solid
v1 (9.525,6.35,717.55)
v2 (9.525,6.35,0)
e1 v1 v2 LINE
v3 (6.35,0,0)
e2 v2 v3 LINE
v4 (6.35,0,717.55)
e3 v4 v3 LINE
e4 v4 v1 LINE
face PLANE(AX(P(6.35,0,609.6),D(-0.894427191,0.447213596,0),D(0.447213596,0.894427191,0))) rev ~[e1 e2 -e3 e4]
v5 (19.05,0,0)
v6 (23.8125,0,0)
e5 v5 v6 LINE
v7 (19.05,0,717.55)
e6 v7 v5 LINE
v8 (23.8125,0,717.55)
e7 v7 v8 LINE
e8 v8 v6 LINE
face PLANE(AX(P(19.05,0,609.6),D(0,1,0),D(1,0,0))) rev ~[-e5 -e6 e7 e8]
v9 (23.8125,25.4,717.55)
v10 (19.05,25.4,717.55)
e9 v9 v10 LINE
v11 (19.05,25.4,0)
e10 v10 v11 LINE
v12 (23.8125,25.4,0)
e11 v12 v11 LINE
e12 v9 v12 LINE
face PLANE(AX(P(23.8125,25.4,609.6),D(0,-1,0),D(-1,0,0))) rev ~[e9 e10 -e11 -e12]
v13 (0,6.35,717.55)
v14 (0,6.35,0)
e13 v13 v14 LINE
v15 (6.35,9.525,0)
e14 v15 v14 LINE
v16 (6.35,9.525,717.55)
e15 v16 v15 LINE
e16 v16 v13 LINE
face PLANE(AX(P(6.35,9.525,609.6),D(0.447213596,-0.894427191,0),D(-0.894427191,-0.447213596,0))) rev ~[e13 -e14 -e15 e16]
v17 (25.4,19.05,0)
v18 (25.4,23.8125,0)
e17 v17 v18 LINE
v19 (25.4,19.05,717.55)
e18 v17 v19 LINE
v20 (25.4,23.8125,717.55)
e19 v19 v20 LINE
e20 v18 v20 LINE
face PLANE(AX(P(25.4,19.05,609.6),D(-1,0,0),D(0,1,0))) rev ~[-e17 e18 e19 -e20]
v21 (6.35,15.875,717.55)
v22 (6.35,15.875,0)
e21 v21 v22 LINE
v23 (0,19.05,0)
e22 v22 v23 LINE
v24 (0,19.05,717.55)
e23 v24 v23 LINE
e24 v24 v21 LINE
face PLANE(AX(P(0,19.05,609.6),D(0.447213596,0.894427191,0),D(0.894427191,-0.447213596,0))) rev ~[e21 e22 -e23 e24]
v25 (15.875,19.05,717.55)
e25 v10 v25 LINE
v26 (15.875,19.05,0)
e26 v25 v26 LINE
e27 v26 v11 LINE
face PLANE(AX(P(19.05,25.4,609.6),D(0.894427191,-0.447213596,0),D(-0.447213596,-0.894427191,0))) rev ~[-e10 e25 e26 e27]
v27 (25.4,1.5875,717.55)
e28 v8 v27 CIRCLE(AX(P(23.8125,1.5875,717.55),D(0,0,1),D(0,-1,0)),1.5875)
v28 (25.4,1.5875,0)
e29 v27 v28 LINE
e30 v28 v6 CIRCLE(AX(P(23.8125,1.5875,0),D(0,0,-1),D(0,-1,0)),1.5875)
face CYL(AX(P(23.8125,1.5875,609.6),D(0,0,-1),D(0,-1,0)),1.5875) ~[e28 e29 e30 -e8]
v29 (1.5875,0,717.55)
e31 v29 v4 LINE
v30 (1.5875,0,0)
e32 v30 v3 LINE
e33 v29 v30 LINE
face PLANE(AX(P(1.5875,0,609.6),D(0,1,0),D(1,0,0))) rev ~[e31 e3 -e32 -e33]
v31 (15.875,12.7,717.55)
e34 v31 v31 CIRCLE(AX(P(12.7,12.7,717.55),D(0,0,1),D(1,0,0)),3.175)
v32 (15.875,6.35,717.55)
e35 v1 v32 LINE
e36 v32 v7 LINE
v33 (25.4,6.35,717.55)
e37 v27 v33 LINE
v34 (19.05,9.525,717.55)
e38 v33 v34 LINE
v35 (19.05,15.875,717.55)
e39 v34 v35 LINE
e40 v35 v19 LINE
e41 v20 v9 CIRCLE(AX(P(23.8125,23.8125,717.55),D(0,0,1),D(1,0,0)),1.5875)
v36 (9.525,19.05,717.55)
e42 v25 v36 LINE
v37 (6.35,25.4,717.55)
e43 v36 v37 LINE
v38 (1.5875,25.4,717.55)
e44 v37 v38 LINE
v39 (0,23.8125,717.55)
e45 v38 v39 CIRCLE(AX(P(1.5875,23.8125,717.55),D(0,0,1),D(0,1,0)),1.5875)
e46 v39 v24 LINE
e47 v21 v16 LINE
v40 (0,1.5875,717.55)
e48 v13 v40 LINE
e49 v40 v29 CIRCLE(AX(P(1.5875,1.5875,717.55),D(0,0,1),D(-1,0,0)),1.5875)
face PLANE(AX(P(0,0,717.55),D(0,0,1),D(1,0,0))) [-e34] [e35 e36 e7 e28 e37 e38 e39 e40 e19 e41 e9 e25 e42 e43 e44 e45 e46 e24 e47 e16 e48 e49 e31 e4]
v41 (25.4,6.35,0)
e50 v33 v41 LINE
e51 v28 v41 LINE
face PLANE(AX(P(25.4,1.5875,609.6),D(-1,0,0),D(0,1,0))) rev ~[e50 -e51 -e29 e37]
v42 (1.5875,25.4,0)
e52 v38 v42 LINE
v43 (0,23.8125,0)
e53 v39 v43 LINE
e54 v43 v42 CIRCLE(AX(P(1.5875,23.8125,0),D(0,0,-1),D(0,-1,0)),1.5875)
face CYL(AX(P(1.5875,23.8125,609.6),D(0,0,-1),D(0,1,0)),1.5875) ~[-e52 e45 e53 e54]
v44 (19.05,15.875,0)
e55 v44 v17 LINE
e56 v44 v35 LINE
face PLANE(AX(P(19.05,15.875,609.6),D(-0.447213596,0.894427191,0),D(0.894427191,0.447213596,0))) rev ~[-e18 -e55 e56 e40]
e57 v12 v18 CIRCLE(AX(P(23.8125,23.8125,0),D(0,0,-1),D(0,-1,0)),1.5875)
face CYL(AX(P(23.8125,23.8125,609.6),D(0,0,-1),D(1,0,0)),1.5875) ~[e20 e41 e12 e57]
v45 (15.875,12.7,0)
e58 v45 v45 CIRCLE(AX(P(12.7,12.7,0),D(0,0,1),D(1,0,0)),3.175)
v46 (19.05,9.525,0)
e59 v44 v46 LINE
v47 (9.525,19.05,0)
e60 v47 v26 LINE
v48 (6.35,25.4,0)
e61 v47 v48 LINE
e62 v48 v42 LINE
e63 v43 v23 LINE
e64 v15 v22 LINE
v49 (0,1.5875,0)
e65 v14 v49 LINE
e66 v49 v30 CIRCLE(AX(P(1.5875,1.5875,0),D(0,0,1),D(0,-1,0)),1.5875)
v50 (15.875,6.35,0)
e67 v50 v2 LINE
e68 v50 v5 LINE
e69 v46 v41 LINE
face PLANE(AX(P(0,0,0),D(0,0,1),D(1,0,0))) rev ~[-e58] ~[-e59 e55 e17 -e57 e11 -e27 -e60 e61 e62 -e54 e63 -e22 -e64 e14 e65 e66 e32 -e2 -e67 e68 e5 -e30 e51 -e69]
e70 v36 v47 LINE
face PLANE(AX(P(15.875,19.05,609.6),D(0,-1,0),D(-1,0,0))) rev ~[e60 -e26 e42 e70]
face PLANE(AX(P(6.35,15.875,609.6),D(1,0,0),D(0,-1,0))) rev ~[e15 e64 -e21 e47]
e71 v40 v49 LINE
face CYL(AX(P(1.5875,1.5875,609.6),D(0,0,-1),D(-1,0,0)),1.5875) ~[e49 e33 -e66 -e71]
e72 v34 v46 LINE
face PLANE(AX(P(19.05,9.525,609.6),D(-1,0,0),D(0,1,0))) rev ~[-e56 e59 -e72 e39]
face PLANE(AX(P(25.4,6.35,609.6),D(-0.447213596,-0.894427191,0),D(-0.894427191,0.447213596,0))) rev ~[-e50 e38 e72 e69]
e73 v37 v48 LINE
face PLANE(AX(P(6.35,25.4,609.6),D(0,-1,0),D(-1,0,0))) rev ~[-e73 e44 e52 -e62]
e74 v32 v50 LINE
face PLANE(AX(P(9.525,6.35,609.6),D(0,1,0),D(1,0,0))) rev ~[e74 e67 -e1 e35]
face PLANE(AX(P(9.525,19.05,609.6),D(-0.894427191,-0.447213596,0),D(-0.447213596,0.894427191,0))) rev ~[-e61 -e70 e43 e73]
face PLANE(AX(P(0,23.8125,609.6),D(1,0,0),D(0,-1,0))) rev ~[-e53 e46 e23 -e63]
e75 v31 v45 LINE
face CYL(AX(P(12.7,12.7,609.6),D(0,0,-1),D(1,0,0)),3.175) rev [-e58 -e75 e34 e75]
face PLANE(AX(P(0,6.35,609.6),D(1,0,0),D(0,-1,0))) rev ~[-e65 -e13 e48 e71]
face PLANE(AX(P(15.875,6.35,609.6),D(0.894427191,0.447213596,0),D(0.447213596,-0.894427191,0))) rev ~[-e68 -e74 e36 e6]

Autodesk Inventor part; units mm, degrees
ref_plane "YZ Plane" through (0, 0, 0) normal (1, 0, 0) x (0, 1, 0)
ref_plane "XZ Plane" through (0, 0, 0) normal (0, 1, 0) x (-1, 0, 0)
ref_plane "XY Plane" through (0, 0, 0) normal (0, 0, 1) x (1, 0, 0)
sketch "Sketch1" plane through (0, 0, 0) normal (0, 0, 1) x (1, 0, 0)
  line L0 (0, 0) -> (25.4, 0)
  line L1 (25.4, 0) -> (25.4, 25.4)
  line L2 (25.4, 25.4) -> (0, 25.4)
  line L3 (0, 25.4) -> (0, 0)
  circle A0 centre (12.7, 12.7) radius 3.175
  dimension "d0" = 25.4
  dimension "d1" = 25.4
  dimension "d2" = 6.35
  dimension "d7" = 12.7
  dimension "d8" = 12.7
extrude "Extrusion1" add sketch "Sketch1" along normal blind 609.6
sketch "Sketch2" plane through (0, 0, 609.6) normal (0, 0, 1) x (1, 0, 0)
  line L0 (25.4, 25.4) -> (0, 25.4) projected
  line L1 (0, 25.4) -> (0, 0) projected
  circle A0 centre (12.7, 12.7) radius 3.175 projected
  line L2 (0, 0) -> (25.4, 0) projected
  line L3 (25.4, 0) -> (25.4, 25.4) projected
  line L4 (25.4, 25.4) -> (0, 25.4) projected
  line L5 (0, 25.4) -> (0, 0) projected
  line L6 (12.7, 19.05) -> (9.525, 19.05)
  line L7 (9.525, 19.05) -> (15.875, 19.05)
  line L8 (15.875, 19.05) -> (19.05, 25.4)
  line L9 (9.525, 19.05) -> (6.35, 25.4)
  dimension "d13" = 6.35
  dimension "d14" = 6.35
  dimension "d15" = 3.175
  dimension "d16" = 6.35
fillet "Fillet1" radius 1.5875 4 edges at (25.4, 25.4, 304.8) (0, 25.4, 304.8) (25.4, 0, 304.8) (0, 0, 304.8)
extrude "Extrusion2" cut sketch "Sketch2" against normal blind 609.6 contours L8 L7 L6 L9 L0
pattern_circular "Circular Pattern1" count 4 over 360 about axis through (12.7, 12.7, 0) along (0, 0, 1) of "Extrusion2"
sketch "Sketch3" plane through (0, 0, 609.6) normal (0, 0, 1) x (1, 0, 0)
  line L0 (19.05, 15.875) -> (25.4, 19.05) projected
  line L1 (25.4, 19.05) -> (25.4, 23.8125) projected
  arc A0 (25.4, 23.8125) -> (23.8125, 25.4) centre (23.8125, 23.8125) ccw projected
  line L2 (23.8125, 25.4) -> (19.05, 25.4) projected
  line L3 (19.05, 25.4) -> (15.875, 19.05) projected
  line L4 (15.875, 19.05) -> (9.525, 19.05) projected
  line L5 (9.525, 19.05) -> (6.35, 25.4) projected
  line L6 (6.35, 25.4) -> (1.5875, 25.4) projected
  arc A1 (1.5875, 25.4) -> (0, 23.8125) centre (1.5875, 23.8125) ccw projected
  line L7 (0, 23.8125) -> (0, 19.05) projected
  line L8 (0, 19.05) -> (6.35, 15.875) projected
  line L9 (6.35, 15.875) -> (6.35, 9.525) projected
  line L10 (6.35, 9.525) -> (0, 6.35) projected
  line L11 (0, 6.35) -> (0, 1.5875) projected
  arc A2 (0, 1.5875) -> (1.5875, 0) centre (1.5875, 1.5875) ccw projected
  line L12 (1.5875, 0) -> (6.35, 0) projected
  line L13 (6.35, 0) -> (9.525, 6.35) projected
  line L14 (9.525, 6.35) -> (15.875, 6.35) projected
  line L15 (15.875, 6.35) -> (19.05, 0) projected
  line L16 (19.05, 0) -> (23.8125, 0) projected
  arc A3 (23.8125, 0) -> (25.4, 1.5875) centre (23.8125, 1.5875) ccw projected
  line L17 (25.4, 1.5875) -> (25.4, 6.35) projected
  line L18 (25.4, 6.35) -> (19.05, 9.525) projected
  line L19 (19.05, 9.525) -> (19.05, 15.875) projected
  circle A4 centre (12.7, 12.7) radius 3.175 projected
  point P0 (0, 0)
extrude "Extrusion3" add sketch "Sketch3" along normal blind 107.95
properties part number "Mock 8020 28.25in" material "Aluminum 6061"
